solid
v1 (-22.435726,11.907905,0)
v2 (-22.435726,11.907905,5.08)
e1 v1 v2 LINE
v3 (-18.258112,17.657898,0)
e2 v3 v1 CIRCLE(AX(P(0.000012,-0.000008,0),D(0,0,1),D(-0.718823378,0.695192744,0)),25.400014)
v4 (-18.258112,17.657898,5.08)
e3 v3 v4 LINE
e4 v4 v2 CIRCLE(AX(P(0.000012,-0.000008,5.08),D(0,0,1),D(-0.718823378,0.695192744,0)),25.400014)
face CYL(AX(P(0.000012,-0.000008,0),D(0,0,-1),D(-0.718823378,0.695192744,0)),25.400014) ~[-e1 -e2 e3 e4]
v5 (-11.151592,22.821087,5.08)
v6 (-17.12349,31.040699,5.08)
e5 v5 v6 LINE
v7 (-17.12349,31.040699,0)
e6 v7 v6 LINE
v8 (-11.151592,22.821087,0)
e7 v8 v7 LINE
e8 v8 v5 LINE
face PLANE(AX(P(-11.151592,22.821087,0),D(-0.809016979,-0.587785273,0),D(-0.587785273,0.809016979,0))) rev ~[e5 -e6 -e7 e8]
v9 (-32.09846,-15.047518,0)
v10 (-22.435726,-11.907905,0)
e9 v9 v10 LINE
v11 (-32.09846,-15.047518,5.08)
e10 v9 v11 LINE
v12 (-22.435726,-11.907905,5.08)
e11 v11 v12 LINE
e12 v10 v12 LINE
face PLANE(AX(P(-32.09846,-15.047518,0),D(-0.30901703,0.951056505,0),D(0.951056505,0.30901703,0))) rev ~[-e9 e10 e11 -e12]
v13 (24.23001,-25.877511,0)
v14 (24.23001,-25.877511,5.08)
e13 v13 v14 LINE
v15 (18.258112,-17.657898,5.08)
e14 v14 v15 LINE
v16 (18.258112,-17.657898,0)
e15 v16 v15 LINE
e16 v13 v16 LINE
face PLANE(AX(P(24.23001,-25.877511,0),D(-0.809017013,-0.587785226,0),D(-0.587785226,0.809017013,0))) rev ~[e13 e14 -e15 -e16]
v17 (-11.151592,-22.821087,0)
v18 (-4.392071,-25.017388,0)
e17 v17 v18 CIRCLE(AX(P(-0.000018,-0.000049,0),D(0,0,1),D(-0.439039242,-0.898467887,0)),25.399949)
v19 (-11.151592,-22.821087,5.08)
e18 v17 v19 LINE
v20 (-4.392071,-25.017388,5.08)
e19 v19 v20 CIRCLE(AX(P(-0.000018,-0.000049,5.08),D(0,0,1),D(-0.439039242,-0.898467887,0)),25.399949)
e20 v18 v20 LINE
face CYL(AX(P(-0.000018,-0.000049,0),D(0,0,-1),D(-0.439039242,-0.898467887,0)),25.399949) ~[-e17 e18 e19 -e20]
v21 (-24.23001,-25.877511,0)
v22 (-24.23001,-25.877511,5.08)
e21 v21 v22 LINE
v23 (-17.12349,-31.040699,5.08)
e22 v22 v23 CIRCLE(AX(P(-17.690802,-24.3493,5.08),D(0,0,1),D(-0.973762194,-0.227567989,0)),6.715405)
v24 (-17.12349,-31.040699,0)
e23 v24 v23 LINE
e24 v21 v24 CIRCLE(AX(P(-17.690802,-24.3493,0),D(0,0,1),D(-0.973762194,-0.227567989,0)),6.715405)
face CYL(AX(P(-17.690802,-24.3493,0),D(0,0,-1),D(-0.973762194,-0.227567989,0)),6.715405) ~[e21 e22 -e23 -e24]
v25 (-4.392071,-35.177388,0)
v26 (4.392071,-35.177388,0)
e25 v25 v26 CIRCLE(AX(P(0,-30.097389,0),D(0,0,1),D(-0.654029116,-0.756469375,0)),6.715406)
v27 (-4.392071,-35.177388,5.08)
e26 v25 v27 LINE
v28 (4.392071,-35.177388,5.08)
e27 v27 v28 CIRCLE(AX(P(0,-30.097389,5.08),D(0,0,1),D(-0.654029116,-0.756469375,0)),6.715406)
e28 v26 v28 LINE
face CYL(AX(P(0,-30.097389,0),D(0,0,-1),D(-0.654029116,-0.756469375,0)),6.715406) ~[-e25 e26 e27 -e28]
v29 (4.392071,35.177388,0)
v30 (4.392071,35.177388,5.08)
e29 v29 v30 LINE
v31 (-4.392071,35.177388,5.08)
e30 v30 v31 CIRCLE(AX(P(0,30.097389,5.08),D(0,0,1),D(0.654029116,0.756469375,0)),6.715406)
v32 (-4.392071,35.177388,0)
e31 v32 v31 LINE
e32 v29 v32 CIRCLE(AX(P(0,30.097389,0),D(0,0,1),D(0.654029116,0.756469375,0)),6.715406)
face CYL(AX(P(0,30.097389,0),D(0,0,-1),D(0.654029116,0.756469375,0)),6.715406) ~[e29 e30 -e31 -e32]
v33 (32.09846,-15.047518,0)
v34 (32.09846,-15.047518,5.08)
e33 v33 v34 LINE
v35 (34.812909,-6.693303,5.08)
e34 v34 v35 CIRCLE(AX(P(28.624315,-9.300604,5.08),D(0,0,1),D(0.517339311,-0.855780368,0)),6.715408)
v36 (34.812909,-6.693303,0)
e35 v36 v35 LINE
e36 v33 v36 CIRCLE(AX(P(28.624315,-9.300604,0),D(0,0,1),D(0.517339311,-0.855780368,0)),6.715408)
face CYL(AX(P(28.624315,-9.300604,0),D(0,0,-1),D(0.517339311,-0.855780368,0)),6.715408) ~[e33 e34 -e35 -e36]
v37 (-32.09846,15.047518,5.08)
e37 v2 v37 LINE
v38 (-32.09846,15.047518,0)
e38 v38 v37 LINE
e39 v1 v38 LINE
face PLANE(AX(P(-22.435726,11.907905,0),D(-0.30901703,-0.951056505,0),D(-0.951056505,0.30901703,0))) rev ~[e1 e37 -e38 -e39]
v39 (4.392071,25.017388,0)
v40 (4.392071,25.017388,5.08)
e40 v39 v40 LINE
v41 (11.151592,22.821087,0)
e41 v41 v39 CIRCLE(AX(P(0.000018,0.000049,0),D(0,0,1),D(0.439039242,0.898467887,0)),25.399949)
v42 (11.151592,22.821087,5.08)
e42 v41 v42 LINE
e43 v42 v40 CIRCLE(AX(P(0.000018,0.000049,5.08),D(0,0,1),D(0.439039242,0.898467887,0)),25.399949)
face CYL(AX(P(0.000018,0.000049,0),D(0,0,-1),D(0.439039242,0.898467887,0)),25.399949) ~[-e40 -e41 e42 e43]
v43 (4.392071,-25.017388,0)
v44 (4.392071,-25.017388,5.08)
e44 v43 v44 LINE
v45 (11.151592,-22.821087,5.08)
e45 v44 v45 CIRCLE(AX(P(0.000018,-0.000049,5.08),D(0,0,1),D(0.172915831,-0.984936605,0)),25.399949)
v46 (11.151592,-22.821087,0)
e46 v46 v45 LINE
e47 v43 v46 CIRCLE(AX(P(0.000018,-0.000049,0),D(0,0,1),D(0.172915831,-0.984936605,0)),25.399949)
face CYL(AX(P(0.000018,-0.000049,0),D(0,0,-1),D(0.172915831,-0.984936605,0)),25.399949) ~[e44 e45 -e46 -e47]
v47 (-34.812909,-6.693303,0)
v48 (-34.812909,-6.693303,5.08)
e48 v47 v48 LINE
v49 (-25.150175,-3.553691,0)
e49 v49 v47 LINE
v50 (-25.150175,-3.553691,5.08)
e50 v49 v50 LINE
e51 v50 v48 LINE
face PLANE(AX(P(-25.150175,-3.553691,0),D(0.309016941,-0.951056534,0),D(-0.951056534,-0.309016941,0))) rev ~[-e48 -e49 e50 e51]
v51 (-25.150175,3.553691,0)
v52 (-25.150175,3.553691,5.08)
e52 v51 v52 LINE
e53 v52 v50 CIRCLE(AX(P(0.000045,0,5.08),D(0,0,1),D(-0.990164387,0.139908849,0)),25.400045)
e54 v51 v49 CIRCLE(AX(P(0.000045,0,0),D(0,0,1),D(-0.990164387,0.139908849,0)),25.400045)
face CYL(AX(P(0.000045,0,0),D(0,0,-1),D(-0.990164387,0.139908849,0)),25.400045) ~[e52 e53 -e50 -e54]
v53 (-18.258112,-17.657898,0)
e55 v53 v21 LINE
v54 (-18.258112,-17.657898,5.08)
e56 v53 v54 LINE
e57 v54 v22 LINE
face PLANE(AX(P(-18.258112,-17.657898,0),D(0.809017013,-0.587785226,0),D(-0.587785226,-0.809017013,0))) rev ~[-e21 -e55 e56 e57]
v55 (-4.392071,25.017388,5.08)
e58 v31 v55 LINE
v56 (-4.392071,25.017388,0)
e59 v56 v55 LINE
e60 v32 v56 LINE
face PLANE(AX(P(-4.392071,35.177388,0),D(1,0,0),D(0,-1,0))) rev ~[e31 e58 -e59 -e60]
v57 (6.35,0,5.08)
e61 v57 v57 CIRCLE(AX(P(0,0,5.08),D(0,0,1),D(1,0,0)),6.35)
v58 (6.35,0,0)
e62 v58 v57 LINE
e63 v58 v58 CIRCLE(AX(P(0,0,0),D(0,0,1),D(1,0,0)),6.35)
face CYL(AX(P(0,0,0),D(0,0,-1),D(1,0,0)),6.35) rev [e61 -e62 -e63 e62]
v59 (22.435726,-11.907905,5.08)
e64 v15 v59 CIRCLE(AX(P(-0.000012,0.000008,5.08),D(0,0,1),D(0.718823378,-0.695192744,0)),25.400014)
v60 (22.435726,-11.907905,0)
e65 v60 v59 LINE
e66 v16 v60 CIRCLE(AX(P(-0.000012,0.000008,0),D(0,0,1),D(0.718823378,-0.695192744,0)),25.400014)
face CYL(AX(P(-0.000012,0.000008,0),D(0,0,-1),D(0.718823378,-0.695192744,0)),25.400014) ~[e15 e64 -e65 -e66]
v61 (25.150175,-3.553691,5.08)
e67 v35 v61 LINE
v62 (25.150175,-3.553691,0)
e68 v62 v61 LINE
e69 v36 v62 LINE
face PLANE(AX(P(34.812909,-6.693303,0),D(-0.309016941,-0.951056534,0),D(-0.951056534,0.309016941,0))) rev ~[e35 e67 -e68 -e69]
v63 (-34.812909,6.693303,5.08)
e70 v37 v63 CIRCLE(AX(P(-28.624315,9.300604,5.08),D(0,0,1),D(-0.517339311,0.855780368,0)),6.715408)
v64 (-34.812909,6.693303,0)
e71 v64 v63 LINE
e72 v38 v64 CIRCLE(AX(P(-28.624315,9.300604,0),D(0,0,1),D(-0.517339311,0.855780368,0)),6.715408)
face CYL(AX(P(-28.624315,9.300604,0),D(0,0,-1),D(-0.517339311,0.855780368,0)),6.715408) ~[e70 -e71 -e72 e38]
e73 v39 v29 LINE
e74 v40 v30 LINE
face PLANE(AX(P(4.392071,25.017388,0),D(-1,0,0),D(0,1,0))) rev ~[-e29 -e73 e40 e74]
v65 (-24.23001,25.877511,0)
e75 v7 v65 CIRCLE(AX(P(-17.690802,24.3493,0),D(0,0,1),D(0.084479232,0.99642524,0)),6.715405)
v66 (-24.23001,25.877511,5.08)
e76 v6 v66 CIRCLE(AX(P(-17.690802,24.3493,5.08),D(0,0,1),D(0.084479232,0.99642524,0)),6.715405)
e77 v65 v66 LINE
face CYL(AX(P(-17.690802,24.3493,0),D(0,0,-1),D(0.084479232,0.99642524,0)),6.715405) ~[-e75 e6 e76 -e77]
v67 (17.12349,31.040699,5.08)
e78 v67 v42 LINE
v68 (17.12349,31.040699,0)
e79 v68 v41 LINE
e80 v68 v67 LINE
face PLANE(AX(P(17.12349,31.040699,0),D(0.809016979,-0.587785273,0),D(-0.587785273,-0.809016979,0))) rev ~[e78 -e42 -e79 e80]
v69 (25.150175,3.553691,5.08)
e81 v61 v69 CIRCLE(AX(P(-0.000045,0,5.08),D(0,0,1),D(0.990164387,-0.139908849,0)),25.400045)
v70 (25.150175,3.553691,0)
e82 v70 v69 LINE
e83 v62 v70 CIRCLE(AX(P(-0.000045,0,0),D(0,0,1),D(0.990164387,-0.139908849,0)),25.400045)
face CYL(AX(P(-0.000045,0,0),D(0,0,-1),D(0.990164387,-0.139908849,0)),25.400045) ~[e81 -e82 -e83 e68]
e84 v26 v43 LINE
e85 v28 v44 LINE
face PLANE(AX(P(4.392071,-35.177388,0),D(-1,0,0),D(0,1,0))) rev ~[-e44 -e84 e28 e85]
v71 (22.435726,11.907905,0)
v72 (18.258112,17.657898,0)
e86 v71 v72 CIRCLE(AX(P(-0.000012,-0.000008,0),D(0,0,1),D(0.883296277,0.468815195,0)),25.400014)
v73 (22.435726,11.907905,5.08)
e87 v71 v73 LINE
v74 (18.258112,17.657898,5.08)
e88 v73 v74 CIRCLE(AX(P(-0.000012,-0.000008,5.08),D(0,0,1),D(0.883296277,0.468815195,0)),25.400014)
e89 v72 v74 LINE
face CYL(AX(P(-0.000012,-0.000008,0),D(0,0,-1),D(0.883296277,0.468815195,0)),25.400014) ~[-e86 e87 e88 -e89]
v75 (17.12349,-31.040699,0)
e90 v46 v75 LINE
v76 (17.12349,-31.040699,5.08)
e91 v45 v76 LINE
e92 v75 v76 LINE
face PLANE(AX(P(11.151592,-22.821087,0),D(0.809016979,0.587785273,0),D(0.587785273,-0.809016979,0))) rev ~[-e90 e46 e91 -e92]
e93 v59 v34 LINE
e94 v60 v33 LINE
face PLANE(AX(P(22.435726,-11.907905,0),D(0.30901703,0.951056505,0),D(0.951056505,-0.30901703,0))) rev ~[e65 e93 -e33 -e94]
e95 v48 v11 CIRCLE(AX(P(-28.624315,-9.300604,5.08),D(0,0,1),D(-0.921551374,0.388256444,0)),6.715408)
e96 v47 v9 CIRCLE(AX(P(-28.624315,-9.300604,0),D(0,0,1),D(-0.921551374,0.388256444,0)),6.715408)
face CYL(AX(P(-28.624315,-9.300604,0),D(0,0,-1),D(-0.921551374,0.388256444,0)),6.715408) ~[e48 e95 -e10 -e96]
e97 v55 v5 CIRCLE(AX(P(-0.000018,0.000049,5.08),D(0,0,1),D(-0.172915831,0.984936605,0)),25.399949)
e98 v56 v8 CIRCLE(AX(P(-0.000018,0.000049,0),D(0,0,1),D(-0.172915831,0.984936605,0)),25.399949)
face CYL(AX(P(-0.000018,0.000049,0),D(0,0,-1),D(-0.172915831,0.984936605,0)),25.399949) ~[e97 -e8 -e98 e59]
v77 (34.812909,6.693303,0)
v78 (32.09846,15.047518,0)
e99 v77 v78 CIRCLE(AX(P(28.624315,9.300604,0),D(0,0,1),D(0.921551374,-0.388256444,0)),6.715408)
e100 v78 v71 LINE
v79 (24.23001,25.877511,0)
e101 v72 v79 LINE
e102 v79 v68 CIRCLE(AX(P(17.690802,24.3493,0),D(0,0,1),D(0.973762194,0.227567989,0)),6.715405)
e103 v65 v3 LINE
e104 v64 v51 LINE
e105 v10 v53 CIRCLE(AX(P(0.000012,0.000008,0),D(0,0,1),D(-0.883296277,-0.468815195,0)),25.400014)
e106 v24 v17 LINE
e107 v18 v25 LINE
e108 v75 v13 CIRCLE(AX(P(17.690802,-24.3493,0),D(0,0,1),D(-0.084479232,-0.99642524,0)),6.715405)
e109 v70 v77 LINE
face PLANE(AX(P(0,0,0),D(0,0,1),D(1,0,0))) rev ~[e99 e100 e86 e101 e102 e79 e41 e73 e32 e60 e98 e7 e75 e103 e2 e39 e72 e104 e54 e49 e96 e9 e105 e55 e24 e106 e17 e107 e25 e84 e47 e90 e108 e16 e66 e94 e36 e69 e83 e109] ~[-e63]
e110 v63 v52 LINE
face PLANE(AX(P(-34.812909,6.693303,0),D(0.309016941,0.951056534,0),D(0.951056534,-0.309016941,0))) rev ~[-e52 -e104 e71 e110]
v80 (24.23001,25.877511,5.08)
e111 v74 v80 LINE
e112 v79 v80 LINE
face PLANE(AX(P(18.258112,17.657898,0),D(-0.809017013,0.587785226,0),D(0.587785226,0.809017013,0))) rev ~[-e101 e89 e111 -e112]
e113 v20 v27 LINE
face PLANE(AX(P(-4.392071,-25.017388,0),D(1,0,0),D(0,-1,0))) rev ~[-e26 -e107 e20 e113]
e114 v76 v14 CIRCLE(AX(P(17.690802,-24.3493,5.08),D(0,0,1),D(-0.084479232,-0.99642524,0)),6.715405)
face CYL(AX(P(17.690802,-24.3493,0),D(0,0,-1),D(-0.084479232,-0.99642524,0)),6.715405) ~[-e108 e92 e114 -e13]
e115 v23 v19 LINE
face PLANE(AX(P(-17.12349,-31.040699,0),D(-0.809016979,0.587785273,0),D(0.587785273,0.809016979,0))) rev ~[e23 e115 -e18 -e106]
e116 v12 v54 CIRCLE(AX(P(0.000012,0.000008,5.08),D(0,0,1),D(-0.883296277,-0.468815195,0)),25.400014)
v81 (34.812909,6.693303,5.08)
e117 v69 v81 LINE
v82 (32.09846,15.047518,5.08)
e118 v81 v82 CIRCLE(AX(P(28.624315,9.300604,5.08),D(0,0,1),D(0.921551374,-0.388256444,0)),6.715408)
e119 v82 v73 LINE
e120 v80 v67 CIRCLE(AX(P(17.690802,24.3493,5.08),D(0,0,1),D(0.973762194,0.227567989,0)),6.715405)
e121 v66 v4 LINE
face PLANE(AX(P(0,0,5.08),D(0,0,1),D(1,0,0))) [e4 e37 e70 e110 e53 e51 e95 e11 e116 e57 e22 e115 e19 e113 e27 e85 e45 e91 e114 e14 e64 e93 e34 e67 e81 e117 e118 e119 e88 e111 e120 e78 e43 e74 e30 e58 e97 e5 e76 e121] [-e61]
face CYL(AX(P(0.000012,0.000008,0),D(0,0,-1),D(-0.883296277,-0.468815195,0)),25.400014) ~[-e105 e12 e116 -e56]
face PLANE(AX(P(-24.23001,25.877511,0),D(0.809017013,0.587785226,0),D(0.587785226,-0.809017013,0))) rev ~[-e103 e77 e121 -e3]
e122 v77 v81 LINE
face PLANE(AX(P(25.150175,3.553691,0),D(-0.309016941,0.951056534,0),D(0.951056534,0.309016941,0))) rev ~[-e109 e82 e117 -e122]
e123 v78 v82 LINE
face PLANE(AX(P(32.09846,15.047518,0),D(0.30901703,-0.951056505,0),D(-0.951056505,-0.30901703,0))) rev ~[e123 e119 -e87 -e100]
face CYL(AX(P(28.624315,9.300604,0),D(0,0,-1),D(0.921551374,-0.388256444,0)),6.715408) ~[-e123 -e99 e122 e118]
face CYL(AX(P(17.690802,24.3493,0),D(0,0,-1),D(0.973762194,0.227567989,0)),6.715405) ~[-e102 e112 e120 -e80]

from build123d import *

# Parameters (mm, degrees)
F0_R     = 6.35
F1_DEPTH = 5.08


with BuildPart() as f1:
    # F0 (on Top) → F1 (new body)
    with BuildSketch(Plane.XY):
        with BuildLine():
            Line((-4.392071, 35.177388), (-4.392071, 25.017388))
            ThreePointArc((-4.392071, 25.017388), (-7.849032, 24.156836), (-11.151592, 22.821087))
            Line((-11.151592, 22.821087), (-17.12349, 31.040699))
            ThreePointArc((-17.12349, 31.040699), (-21.638018, 29.782177), (-24.23001, 25.877511))
            Line((-24.23001, 25.877511), (-18.258112, 17.657898))
            ThreePointArc((-18.258112, 17.657898), (-20.549032, 14.929745), (-22.435726, 11.907905))
            Line((-22.435726, 11.907905), (-32.09846, 15.047518))
            ThreePointArc((-32.09846, 15.047518), (-35.011048, 11.375779), (-34.812909, 6.693303))
            Line((-34.812909, 6.693303), (-25.150175, 3.553691))
            ThreePointArc((-25.150175, 3.553691), (-25.4, 0), (-25.150175, -3.553691))
            Line((-25.150175, -3.553691), (-34.812909, -6.693303))
            ThreePointArc((-34.812909, -6.693303), (-35.011048, -11.375779), (-32.09846, -15.047518))
            Line((-32.09846, -15.047518), (-22.435726, -11.907905))
            ThreePointArc((-22.435726, -11.907905), (-20.549032, -14.929745), (-18.258112, -17.657898))
            Line((-18.258112, -17.657898), (-24.23001, -25.877511))
            ThreePointArc((-24.23001, -25.877511), (-21.638018, -29.782177), (-17.12349, -31.040699))
            Line((-17.12349, -31.040699), (-11.151592, -22.821087))
            ThreePointArc((-11.151592, -22.821087), (-7.849032, -24.156836), (-4.392071, -25.017388))
            Line((-4.392071, -25.017388), (-4.392071, -35.177388))
            ThreePointArc((-4.392071, -35.177388), (0, -36.812795), (4.392071, -35.177388))
            Line((4.392071, -35.177388), (4.392071, -25.017388))
            ThreePointArc((4.392071, -25.017388), (7.849032, -24.156836), (11.151592, -22.821087))
            Line((11.151592, -22.821087), (17.12349, -31.040699))
            ThreePointArc((17.12349, -31.040699), (21.638018, -29.782177), (24.23001, -25.877511))
            Line((24.23001, -25.877511), (18.258112, -17.657898))
            ThreePointArc((18.258112, -17.657898), (20.549032, -14.929745), (22.435726, -11.907905))
            Line((22.435726, -11.907905), (32.09846, -15.047518))
            ThreePointArc((32.09846, -15.047518), (35.011048, -11.375779), (34.812909, -6.693303))
            Line((34.812909, -6.693303), (25.150175, -3.553691))
            ThreePointArc((25.150175, -3.553691), (25.4, 0), (25.150175, 3.553691))
            Line((25.150175, 3.553691), (34.812909, 6.693303))
            ThreePointArc((34.812909, 6.693303), (35.011048, 11.375779), (32.09846, 15.047518))
            Line((32.09846, 15.047518), (22.435726, 11.907905))
            ThreePointArc((22.435726, 11.907905), (20.549032, 14.929745), (18.258112, 17.657898))
            Line((18.258112, 17.657898), (24.23001, 25.877511))
            ThreePointArc((24.23001, 25.877511), (21.638018, 29.782177), (17.12349, 31.040699))
            Line((17.12349, 31.040699), (11.151592, 22.821087))
            ThreePointArc((11.151592, 22.821087), (7.849032, 24.156836), (4.392071, 25.017388))
            Line((4.392071, 25.017388), (4.392071, 35.177388))
            ThreePointArc((4.392071, 35.177388), (0, 36.812795), (-4.392071, 35.177388))
        make_face()
        Circle(F0_R, mode=Mode.SUBTRACT)
    extrude(amount=F1_DEPTH)


solid = f1.part
